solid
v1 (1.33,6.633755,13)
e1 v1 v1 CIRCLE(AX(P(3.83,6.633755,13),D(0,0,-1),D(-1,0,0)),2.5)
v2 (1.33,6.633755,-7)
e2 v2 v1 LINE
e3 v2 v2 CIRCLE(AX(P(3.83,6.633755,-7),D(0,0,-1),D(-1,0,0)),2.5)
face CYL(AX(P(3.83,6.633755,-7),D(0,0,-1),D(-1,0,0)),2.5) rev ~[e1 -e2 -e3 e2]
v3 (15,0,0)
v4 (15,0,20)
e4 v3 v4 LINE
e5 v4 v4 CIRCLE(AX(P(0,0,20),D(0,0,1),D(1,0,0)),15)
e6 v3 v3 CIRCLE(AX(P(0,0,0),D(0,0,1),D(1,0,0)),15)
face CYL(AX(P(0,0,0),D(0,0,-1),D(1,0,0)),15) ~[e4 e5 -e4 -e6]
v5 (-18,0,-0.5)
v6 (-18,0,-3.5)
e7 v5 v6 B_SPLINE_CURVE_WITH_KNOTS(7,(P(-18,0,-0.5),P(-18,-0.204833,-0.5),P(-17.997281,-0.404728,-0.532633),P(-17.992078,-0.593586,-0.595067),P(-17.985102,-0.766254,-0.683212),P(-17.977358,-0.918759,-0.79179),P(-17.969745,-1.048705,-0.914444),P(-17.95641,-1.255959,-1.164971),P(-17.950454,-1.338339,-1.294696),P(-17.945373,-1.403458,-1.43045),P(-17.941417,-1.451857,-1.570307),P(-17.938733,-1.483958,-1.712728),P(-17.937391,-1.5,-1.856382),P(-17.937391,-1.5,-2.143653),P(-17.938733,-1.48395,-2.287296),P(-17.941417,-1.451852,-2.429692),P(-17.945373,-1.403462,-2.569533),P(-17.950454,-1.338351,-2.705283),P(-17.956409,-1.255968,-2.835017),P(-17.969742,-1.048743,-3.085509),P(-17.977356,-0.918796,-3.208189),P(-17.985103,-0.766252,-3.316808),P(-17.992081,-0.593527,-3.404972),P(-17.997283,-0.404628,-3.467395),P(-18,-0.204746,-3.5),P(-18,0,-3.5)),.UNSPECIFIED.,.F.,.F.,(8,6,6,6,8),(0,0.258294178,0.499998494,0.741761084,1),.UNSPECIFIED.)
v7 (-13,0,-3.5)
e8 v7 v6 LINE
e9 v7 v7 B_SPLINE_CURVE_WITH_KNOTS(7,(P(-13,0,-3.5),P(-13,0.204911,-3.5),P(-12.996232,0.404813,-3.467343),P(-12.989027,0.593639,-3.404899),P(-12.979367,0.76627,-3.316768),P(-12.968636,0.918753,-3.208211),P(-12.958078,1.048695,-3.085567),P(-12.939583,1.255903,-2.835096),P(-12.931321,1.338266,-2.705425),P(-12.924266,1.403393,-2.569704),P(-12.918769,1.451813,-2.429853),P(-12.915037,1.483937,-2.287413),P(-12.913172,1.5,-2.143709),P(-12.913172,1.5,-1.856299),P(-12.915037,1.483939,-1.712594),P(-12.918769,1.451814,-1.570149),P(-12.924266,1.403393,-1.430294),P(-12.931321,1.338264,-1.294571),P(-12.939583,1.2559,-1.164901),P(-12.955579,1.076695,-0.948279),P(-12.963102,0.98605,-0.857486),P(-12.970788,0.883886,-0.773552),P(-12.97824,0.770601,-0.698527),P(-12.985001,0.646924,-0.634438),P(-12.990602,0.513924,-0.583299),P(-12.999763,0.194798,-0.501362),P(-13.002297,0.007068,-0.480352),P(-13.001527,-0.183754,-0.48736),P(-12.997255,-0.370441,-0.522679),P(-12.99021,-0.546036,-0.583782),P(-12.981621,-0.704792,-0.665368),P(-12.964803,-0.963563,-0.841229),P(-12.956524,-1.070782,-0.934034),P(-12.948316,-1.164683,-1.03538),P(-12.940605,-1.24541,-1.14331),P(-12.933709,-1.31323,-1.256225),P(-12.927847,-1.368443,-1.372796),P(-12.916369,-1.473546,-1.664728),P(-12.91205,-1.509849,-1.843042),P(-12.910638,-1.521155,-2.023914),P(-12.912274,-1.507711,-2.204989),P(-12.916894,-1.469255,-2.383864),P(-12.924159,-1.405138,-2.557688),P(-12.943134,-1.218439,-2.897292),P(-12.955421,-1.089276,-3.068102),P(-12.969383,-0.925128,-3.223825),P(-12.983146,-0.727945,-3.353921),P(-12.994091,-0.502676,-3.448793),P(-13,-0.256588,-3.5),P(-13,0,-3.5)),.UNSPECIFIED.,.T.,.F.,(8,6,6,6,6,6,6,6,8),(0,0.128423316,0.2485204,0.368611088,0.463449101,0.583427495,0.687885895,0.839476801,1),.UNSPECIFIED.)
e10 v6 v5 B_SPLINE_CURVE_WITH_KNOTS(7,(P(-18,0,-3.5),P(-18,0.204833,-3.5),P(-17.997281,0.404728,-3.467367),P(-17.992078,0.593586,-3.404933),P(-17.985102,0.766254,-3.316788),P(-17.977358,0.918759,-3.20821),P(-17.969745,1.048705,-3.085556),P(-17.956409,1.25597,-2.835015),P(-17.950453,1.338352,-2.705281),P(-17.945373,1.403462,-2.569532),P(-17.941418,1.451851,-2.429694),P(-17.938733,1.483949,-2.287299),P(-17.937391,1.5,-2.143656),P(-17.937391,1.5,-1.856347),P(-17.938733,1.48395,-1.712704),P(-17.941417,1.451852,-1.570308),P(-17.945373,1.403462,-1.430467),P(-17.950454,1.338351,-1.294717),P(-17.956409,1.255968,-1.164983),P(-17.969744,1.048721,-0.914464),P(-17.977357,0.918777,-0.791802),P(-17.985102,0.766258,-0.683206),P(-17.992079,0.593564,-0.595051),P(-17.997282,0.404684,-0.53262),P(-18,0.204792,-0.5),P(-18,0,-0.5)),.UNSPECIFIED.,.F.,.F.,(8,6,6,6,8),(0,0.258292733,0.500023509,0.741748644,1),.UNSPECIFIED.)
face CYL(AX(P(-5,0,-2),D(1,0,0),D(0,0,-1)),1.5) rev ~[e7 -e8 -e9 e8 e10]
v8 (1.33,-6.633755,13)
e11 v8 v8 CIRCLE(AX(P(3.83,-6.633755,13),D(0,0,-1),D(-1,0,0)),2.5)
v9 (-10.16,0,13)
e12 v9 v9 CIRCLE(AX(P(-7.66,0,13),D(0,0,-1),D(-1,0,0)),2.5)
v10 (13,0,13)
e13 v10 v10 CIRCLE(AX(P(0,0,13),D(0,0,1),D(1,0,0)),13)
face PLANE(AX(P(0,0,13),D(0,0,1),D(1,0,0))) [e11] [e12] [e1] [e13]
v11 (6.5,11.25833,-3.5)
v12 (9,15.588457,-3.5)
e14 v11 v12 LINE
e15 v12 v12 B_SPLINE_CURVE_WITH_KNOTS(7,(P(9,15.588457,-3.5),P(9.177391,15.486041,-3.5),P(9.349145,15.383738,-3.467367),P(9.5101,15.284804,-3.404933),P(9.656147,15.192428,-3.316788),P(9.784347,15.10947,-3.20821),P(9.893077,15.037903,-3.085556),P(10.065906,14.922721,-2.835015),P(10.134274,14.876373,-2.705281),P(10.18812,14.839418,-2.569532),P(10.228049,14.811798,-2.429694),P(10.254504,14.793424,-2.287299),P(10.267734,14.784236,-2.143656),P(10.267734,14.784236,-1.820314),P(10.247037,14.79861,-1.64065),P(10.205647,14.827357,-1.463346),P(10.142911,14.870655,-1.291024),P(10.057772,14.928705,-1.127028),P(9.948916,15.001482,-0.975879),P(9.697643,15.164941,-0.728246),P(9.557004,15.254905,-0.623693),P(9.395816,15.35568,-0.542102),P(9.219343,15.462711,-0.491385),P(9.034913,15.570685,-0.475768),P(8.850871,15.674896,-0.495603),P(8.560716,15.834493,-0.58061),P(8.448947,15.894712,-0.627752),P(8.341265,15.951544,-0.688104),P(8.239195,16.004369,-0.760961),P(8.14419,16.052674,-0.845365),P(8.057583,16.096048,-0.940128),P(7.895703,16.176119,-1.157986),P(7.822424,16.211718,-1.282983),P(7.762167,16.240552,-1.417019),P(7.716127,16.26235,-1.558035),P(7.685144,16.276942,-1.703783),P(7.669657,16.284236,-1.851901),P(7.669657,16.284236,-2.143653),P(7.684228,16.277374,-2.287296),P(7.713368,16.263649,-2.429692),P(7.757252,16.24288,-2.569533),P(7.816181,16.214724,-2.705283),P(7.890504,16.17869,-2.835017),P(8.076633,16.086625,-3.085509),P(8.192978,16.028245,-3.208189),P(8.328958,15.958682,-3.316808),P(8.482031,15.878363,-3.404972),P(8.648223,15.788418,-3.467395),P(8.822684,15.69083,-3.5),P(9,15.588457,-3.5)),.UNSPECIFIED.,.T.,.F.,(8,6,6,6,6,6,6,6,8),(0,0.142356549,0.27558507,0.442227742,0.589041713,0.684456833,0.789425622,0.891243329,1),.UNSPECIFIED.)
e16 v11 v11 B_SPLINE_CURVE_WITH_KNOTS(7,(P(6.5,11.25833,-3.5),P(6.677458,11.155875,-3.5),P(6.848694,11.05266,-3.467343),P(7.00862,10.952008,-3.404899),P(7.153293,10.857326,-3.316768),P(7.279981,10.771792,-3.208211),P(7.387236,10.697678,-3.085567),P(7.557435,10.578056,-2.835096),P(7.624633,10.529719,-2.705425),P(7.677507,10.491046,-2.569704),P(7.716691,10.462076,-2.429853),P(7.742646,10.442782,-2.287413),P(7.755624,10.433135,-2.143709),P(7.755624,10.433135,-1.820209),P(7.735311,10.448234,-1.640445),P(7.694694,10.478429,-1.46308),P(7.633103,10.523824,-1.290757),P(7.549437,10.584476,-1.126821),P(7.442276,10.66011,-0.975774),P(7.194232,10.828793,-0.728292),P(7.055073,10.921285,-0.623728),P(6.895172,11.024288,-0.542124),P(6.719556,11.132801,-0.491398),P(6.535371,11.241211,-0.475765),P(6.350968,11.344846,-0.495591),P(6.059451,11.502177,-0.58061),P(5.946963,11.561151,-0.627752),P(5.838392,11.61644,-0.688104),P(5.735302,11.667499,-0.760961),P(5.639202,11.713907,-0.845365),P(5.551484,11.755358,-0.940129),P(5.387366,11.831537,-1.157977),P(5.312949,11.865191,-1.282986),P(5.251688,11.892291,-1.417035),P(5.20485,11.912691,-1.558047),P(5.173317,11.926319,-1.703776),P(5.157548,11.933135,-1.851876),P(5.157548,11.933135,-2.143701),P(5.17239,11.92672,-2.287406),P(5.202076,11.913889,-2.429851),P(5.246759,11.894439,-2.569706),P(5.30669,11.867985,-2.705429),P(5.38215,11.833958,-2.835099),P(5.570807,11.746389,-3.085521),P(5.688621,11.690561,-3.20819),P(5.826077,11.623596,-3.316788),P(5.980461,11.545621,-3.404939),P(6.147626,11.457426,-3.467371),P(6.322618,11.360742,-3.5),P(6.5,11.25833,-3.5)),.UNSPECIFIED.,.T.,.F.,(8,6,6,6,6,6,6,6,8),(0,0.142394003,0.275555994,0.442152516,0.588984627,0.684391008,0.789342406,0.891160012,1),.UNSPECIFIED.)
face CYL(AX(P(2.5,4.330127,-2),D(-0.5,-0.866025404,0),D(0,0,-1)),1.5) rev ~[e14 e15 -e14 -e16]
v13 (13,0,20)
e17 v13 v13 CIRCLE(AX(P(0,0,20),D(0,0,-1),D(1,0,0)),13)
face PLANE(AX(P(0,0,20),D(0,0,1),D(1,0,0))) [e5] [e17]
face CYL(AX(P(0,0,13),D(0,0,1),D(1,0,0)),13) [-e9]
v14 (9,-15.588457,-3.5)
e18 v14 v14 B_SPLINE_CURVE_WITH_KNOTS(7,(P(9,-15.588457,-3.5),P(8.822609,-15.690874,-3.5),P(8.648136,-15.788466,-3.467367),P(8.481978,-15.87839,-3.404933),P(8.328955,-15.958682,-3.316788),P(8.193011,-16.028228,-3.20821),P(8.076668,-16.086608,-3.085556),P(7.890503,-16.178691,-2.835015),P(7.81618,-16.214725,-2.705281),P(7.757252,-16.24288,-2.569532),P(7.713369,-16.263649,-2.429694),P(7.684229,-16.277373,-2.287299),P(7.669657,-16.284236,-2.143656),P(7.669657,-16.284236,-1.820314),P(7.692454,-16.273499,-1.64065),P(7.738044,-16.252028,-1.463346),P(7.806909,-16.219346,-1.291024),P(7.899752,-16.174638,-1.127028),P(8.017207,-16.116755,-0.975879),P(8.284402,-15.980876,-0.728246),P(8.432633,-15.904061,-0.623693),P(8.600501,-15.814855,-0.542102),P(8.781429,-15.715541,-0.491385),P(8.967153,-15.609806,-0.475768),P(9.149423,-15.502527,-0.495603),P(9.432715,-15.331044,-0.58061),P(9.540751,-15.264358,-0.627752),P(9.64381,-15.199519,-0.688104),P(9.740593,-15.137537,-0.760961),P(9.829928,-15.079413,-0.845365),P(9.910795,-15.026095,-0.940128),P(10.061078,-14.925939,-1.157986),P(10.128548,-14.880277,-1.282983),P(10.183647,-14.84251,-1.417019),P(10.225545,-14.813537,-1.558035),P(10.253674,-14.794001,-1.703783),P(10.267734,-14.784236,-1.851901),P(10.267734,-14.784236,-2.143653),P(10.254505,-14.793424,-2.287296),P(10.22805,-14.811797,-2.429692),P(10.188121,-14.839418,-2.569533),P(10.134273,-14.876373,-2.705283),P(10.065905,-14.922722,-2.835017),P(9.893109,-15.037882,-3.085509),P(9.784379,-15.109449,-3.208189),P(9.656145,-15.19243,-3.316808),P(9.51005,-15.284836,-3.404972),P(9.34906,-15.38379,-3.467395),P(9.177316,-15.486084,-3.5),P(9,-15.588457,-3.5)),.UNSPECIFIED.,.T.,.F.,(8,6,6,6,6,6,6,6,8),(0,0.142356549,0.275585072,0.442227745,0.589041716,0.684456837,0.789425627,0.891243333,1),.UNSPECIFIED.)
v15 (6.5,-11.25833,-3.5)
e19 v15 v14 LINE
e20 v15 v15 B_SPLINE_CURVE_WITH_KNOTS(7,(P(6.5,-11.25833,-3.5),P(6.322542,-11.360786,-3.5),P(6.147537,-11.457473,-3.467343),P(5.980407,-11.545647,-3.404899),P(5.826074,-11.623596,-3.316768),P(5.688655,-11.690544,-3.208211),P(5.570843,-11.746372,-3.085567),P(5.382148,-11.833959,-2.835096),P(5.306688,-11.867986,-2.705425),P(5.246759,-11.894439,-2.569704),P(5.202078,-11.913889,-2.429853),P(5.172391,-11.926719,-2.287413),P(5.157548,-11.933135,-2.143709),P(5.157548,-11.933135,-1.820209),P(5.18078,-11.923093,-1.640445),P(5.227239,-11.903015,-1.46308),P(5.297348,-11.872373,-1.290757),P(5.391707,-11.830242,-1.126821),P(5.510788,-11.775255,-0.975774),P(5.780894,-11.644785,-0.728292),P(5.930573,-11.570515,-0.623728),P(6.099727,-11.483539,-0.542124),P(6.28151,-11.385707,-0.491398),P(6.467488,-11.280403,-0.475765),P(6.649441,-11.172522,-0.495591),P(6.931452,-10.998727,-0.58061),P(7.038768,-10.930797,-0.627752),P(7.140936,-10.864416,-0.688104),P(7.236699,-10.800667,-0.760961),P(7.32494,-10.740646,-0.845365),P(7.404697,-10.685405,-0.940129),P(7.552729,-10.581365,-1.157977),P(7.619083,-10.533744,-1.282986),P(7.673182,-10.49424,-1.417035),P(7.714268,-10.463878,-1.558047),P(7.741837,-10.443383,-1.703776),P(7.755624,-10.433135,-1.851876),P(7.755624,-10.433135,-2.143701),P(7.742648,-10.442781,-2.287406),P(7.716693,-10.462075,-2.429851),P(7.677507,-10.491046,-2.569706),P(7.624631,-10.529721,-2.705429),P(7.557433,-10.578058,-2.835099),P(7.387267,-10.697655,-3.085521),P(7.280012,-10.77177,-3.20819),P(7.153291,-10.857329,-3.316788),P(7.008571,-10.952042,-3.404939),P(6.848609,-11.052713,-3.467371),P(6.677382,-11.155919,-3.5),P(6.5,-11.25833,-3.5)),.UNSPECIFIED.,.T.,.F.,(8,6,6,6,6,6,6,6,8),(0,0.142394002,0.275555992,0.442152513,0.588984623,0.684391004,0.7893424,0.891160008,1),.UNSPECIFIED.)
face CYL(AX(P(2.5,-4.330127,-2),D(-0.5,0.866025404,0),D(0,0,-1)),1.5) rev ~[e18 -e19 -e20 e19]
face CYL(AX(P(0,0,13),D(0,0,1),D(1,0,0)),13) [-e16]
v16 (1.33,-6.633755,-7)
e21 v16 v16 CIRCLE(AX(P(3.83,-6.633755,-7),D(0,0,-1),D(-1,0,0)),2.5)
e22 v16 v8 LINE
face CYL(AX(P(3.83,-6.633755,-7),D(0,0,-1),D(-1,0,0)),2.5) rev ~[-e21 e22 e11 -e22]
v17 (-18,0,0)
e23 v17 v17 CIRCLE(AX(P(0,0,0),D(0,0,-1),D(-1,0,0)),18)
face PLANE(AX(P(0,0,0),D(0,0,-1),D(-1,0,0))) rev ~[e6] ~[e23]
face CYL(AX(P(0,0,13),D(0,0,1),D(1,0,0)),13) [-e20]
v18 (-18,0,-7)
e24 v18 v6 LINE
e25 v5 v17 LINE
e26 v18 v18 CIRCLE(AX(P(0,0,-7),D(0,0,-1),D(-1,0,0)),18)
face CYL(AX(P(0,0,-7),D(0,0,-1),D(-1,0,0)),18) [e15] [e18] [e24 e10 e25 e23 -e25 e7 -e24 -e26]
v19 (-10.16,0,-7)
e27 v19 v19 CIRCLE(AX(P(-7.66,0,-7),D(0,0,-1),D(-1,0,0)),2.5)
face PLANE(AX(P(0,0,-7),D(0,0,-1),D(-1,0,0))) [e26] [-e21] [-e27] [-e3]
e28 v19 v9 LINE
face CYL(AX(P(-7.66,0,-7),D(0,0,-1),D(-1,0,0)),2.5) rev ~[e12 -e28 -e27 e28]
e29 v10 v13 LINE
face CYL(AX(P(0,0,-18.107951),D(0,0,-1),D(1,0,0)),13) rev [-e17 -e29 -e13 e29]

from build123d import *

# Parameters (mm, degrees)
SKETCH1_R                = 15
BOSS_EXTRUDE1_DEPTH      = 20
SKETCH2_R                = 10.95
BOSS_EXTRUDE2_DEPTH      = 3.5
SKETCH4_R                = 3.05
CUT_EXTRUDE1_DEPTH       = 4.1
SKETCH5_R                = 1.5
CUT_EXTRUDE2_DEPTH       = 4
SKETCH7_R                = 10.95
SKETCH7_R_2              = 3
BOSS_EXTRUDE3_DEPTH      = 11
SKETCH9_R                = 1.5
CUT_EXTRUDE4_DEPTH       = 41.5
BOSS_EXTRUDE4_START      = 7
SKETCH12_R               = 18
SKETCH12_R_2             = 3.25
SKETCH12_R_3             = 3.05
BOSS_EXTRUDE4_DEPTH      = 7
CUT_EXTRUDE9_START       = -5
SKETCH13_R               = 1.5
CUT_EXTRUDE9_DEPTH       = 17
CIRPATTERN1_COUNT        = 3
CUT_EXTRUDE12_DEPTH      = 15
CUT_EXTRUDE12_DEPTH_BACK = 38.1079508
SKETCH15_R               = 13
SKETCH15_R_2             = 10.95
BOSS_EXTRUDE6_START      = 13
SKETCH17_R               = 13
BOSS_EXTRUDE6_DEPTH      = 20
SKETCH19_R               = 2.5
CUT_EXTRUDE13_DEPTH      = 38.107950728


with BuildPart() as part:
    # Sketch1 → Boss-Extrude1 (new body)
    with BuildSketch(Plane.XY):
        Circle(SKETCH1_R)
    extrude(amount=BOSS_EXTRUDE1_DEPTH)

    # Sketch2 → Boss-Extrude2 (add)
    with BuildSketch(Plane.XY.offset(20)):
        Circle(SKETCH2_R)
    extrude(amount=BOSS_EXTRUDE2_DEPTH)

    # Sketch4 → Cut-Extrude1 (cut)
    with BuildSketch(Plane(origin=(0, 0, 0), x_dir=(-1, 0, 0), z_dir=(0, 0, -1))):
        Circle(SKETCH4_R)
    extrude(amount=-CUT_EXTRUDE1_DEPTH, mode=Mode.SUBTRACT)

    # Sketch5 → Cut-Extrude2 (cut)
    with BuildSketch(Plane(origin=(0, 0, 4.1), x_dir=(-1, 0, 0), z_dir=(0, 0, -1))):
        Circle(SKETCH5_R)
    extrude(amount=-CUT_EXTRUDE2_DEPTH, mode=Mode.SUBTRACT)

    # Sketch7 → Boss-Extrude3 (add)
    with BuildSketch(Plane.XY.offset(23.5)):
        Circle(SKETCH7_R)
        Circle(SKETCH7_R_2, mode=Mode.SUBTRACT)
    extrude(amount=BOSS_EXTRUDE3_DEPTH)

    # Sketch9 → Cut-Extrude4 (cut, through all)
    with BuildSketch(Plane.XY.offset(34.5)):
        with Locations((7, 0)):
            Circle(SKETCH9_R)
        with Locations((-3.5, -6.062177826)):
            Circle(SKETCH9_R)
        with Locations((-3.5, 6.062177826)):
            Circle(SKETCH9_R)
    extrude(amount=-CUT_EXTRUDE4_DEPTH, mode=Mode.SUBTRACT)

    # Sketch12 → Boss-Extrude4 (add)
    with BuildSketch(Plane(origin=(0, 0, 0), x_dir=(-1, 0, 0), z_dir=(0, 0, -1)).offset(BOSS_EXTRUDE4_START)):
        Circle(SKETCH12_R)
        with Locations((3.5, 6.062177826)):
            Circle(SKETCH12_R_2, mode=Mode.SUBTRACT)
        with Locations((3.5, -6.062177826)):
            Circle(SKETCH12_R_2, mode=Mode.SUBTRACT)
        with Locations((-7, 0)):
            Circle(SKETCH12_R_2, mode=Mode.SUBTRACT)
        Circle(SKETCH12_R_3, mode=Mode.SUBTRACT)
    extrude(amount=-BOSS_EXTRUDE4_DEPTH)

    # Sketch13 → Cut-Extrude9 (cut)
    with BuildSketch(Plane(origin=(0, 0, 0), x_dir=(0, 0, -1), z_dir=(1, 0, 0)).offset(CUT_EXTRUDE9_START)):
        with Locations((2, 0)):
            Circle(SKETCH13_R)
    cut_extrude9 = extrude(amount=-CUT_EXTRUDE9_DEPTH, mode=Mode.SUBTRACT)

    # CirPattern1: Cut-Extrude9 ×3 about axis
    cirpattern1_axis = Axis((0, 0, 0), (0, 0, 1))
    for i in range(1, CIRPATTERN1_COUNT):
        add(cut_extrude9.rotate(cirpattern1_axis, i * 360 / CIRPATTERN1_COUNT), mode=Mode.SUBTRACT)

    # Sketch15 → Cut-Extrude12 (cut, two sides: drawn at the far end of the back side and taken through both)
    # profile 1 of 2: a face of its own
    with BuildSketch(Plane.XY.offset(20).offset(-CUT_EXTRUDE12_DEPTH_BACK)):
        Circle(SKETCH15_R)
        Circle(SKETCH15_R_2, mode=Mode.SUBTRACT)
    # profile 2 of 2: a face of its own
    with BuildSketch(Plane.XY.offset(20).offset(-CUT_EXTRUDE12_DEPTH_BACK)):
        Circle(SKETCH15_R_2)
    extrude(amount=CUT_EXTRUDE12_DEPTH + CUT_EXTRUDE12_DEPTH_BACK, mode=Mode.SUBTRACT)

    # Sketch17 → Boss-Extrude6 (add)
    with BuildSketch(Plane.XY.offset(BOSS_EXTRUDE6_START)):
        Circle(SKETCH17_R)
    extrude(amount=-BOSS_EXTRUDE6_DEPTH)

    # Sketch19 → Cut-Extrude13 (cut, through all)
    with BuildSketch(Plane(origin=(0, 0, -7), x_dir=(-1, 0, 0), z_dir=(0, 0, -1))):
        with Locations((7.66, 0)):
            Circle(SKETCH19_R)
        with Locations((-3.83, -6.633754593)):
            Circle(SKETCH19_R)
        with Locations((-3.83, 6.633754593)):
            Circle(SKETCH19_R)
    extrude(amount=-CUT_EXTRUDE13_DEPTH, mode=Mode.SUBTRACT)


solid = part.part
